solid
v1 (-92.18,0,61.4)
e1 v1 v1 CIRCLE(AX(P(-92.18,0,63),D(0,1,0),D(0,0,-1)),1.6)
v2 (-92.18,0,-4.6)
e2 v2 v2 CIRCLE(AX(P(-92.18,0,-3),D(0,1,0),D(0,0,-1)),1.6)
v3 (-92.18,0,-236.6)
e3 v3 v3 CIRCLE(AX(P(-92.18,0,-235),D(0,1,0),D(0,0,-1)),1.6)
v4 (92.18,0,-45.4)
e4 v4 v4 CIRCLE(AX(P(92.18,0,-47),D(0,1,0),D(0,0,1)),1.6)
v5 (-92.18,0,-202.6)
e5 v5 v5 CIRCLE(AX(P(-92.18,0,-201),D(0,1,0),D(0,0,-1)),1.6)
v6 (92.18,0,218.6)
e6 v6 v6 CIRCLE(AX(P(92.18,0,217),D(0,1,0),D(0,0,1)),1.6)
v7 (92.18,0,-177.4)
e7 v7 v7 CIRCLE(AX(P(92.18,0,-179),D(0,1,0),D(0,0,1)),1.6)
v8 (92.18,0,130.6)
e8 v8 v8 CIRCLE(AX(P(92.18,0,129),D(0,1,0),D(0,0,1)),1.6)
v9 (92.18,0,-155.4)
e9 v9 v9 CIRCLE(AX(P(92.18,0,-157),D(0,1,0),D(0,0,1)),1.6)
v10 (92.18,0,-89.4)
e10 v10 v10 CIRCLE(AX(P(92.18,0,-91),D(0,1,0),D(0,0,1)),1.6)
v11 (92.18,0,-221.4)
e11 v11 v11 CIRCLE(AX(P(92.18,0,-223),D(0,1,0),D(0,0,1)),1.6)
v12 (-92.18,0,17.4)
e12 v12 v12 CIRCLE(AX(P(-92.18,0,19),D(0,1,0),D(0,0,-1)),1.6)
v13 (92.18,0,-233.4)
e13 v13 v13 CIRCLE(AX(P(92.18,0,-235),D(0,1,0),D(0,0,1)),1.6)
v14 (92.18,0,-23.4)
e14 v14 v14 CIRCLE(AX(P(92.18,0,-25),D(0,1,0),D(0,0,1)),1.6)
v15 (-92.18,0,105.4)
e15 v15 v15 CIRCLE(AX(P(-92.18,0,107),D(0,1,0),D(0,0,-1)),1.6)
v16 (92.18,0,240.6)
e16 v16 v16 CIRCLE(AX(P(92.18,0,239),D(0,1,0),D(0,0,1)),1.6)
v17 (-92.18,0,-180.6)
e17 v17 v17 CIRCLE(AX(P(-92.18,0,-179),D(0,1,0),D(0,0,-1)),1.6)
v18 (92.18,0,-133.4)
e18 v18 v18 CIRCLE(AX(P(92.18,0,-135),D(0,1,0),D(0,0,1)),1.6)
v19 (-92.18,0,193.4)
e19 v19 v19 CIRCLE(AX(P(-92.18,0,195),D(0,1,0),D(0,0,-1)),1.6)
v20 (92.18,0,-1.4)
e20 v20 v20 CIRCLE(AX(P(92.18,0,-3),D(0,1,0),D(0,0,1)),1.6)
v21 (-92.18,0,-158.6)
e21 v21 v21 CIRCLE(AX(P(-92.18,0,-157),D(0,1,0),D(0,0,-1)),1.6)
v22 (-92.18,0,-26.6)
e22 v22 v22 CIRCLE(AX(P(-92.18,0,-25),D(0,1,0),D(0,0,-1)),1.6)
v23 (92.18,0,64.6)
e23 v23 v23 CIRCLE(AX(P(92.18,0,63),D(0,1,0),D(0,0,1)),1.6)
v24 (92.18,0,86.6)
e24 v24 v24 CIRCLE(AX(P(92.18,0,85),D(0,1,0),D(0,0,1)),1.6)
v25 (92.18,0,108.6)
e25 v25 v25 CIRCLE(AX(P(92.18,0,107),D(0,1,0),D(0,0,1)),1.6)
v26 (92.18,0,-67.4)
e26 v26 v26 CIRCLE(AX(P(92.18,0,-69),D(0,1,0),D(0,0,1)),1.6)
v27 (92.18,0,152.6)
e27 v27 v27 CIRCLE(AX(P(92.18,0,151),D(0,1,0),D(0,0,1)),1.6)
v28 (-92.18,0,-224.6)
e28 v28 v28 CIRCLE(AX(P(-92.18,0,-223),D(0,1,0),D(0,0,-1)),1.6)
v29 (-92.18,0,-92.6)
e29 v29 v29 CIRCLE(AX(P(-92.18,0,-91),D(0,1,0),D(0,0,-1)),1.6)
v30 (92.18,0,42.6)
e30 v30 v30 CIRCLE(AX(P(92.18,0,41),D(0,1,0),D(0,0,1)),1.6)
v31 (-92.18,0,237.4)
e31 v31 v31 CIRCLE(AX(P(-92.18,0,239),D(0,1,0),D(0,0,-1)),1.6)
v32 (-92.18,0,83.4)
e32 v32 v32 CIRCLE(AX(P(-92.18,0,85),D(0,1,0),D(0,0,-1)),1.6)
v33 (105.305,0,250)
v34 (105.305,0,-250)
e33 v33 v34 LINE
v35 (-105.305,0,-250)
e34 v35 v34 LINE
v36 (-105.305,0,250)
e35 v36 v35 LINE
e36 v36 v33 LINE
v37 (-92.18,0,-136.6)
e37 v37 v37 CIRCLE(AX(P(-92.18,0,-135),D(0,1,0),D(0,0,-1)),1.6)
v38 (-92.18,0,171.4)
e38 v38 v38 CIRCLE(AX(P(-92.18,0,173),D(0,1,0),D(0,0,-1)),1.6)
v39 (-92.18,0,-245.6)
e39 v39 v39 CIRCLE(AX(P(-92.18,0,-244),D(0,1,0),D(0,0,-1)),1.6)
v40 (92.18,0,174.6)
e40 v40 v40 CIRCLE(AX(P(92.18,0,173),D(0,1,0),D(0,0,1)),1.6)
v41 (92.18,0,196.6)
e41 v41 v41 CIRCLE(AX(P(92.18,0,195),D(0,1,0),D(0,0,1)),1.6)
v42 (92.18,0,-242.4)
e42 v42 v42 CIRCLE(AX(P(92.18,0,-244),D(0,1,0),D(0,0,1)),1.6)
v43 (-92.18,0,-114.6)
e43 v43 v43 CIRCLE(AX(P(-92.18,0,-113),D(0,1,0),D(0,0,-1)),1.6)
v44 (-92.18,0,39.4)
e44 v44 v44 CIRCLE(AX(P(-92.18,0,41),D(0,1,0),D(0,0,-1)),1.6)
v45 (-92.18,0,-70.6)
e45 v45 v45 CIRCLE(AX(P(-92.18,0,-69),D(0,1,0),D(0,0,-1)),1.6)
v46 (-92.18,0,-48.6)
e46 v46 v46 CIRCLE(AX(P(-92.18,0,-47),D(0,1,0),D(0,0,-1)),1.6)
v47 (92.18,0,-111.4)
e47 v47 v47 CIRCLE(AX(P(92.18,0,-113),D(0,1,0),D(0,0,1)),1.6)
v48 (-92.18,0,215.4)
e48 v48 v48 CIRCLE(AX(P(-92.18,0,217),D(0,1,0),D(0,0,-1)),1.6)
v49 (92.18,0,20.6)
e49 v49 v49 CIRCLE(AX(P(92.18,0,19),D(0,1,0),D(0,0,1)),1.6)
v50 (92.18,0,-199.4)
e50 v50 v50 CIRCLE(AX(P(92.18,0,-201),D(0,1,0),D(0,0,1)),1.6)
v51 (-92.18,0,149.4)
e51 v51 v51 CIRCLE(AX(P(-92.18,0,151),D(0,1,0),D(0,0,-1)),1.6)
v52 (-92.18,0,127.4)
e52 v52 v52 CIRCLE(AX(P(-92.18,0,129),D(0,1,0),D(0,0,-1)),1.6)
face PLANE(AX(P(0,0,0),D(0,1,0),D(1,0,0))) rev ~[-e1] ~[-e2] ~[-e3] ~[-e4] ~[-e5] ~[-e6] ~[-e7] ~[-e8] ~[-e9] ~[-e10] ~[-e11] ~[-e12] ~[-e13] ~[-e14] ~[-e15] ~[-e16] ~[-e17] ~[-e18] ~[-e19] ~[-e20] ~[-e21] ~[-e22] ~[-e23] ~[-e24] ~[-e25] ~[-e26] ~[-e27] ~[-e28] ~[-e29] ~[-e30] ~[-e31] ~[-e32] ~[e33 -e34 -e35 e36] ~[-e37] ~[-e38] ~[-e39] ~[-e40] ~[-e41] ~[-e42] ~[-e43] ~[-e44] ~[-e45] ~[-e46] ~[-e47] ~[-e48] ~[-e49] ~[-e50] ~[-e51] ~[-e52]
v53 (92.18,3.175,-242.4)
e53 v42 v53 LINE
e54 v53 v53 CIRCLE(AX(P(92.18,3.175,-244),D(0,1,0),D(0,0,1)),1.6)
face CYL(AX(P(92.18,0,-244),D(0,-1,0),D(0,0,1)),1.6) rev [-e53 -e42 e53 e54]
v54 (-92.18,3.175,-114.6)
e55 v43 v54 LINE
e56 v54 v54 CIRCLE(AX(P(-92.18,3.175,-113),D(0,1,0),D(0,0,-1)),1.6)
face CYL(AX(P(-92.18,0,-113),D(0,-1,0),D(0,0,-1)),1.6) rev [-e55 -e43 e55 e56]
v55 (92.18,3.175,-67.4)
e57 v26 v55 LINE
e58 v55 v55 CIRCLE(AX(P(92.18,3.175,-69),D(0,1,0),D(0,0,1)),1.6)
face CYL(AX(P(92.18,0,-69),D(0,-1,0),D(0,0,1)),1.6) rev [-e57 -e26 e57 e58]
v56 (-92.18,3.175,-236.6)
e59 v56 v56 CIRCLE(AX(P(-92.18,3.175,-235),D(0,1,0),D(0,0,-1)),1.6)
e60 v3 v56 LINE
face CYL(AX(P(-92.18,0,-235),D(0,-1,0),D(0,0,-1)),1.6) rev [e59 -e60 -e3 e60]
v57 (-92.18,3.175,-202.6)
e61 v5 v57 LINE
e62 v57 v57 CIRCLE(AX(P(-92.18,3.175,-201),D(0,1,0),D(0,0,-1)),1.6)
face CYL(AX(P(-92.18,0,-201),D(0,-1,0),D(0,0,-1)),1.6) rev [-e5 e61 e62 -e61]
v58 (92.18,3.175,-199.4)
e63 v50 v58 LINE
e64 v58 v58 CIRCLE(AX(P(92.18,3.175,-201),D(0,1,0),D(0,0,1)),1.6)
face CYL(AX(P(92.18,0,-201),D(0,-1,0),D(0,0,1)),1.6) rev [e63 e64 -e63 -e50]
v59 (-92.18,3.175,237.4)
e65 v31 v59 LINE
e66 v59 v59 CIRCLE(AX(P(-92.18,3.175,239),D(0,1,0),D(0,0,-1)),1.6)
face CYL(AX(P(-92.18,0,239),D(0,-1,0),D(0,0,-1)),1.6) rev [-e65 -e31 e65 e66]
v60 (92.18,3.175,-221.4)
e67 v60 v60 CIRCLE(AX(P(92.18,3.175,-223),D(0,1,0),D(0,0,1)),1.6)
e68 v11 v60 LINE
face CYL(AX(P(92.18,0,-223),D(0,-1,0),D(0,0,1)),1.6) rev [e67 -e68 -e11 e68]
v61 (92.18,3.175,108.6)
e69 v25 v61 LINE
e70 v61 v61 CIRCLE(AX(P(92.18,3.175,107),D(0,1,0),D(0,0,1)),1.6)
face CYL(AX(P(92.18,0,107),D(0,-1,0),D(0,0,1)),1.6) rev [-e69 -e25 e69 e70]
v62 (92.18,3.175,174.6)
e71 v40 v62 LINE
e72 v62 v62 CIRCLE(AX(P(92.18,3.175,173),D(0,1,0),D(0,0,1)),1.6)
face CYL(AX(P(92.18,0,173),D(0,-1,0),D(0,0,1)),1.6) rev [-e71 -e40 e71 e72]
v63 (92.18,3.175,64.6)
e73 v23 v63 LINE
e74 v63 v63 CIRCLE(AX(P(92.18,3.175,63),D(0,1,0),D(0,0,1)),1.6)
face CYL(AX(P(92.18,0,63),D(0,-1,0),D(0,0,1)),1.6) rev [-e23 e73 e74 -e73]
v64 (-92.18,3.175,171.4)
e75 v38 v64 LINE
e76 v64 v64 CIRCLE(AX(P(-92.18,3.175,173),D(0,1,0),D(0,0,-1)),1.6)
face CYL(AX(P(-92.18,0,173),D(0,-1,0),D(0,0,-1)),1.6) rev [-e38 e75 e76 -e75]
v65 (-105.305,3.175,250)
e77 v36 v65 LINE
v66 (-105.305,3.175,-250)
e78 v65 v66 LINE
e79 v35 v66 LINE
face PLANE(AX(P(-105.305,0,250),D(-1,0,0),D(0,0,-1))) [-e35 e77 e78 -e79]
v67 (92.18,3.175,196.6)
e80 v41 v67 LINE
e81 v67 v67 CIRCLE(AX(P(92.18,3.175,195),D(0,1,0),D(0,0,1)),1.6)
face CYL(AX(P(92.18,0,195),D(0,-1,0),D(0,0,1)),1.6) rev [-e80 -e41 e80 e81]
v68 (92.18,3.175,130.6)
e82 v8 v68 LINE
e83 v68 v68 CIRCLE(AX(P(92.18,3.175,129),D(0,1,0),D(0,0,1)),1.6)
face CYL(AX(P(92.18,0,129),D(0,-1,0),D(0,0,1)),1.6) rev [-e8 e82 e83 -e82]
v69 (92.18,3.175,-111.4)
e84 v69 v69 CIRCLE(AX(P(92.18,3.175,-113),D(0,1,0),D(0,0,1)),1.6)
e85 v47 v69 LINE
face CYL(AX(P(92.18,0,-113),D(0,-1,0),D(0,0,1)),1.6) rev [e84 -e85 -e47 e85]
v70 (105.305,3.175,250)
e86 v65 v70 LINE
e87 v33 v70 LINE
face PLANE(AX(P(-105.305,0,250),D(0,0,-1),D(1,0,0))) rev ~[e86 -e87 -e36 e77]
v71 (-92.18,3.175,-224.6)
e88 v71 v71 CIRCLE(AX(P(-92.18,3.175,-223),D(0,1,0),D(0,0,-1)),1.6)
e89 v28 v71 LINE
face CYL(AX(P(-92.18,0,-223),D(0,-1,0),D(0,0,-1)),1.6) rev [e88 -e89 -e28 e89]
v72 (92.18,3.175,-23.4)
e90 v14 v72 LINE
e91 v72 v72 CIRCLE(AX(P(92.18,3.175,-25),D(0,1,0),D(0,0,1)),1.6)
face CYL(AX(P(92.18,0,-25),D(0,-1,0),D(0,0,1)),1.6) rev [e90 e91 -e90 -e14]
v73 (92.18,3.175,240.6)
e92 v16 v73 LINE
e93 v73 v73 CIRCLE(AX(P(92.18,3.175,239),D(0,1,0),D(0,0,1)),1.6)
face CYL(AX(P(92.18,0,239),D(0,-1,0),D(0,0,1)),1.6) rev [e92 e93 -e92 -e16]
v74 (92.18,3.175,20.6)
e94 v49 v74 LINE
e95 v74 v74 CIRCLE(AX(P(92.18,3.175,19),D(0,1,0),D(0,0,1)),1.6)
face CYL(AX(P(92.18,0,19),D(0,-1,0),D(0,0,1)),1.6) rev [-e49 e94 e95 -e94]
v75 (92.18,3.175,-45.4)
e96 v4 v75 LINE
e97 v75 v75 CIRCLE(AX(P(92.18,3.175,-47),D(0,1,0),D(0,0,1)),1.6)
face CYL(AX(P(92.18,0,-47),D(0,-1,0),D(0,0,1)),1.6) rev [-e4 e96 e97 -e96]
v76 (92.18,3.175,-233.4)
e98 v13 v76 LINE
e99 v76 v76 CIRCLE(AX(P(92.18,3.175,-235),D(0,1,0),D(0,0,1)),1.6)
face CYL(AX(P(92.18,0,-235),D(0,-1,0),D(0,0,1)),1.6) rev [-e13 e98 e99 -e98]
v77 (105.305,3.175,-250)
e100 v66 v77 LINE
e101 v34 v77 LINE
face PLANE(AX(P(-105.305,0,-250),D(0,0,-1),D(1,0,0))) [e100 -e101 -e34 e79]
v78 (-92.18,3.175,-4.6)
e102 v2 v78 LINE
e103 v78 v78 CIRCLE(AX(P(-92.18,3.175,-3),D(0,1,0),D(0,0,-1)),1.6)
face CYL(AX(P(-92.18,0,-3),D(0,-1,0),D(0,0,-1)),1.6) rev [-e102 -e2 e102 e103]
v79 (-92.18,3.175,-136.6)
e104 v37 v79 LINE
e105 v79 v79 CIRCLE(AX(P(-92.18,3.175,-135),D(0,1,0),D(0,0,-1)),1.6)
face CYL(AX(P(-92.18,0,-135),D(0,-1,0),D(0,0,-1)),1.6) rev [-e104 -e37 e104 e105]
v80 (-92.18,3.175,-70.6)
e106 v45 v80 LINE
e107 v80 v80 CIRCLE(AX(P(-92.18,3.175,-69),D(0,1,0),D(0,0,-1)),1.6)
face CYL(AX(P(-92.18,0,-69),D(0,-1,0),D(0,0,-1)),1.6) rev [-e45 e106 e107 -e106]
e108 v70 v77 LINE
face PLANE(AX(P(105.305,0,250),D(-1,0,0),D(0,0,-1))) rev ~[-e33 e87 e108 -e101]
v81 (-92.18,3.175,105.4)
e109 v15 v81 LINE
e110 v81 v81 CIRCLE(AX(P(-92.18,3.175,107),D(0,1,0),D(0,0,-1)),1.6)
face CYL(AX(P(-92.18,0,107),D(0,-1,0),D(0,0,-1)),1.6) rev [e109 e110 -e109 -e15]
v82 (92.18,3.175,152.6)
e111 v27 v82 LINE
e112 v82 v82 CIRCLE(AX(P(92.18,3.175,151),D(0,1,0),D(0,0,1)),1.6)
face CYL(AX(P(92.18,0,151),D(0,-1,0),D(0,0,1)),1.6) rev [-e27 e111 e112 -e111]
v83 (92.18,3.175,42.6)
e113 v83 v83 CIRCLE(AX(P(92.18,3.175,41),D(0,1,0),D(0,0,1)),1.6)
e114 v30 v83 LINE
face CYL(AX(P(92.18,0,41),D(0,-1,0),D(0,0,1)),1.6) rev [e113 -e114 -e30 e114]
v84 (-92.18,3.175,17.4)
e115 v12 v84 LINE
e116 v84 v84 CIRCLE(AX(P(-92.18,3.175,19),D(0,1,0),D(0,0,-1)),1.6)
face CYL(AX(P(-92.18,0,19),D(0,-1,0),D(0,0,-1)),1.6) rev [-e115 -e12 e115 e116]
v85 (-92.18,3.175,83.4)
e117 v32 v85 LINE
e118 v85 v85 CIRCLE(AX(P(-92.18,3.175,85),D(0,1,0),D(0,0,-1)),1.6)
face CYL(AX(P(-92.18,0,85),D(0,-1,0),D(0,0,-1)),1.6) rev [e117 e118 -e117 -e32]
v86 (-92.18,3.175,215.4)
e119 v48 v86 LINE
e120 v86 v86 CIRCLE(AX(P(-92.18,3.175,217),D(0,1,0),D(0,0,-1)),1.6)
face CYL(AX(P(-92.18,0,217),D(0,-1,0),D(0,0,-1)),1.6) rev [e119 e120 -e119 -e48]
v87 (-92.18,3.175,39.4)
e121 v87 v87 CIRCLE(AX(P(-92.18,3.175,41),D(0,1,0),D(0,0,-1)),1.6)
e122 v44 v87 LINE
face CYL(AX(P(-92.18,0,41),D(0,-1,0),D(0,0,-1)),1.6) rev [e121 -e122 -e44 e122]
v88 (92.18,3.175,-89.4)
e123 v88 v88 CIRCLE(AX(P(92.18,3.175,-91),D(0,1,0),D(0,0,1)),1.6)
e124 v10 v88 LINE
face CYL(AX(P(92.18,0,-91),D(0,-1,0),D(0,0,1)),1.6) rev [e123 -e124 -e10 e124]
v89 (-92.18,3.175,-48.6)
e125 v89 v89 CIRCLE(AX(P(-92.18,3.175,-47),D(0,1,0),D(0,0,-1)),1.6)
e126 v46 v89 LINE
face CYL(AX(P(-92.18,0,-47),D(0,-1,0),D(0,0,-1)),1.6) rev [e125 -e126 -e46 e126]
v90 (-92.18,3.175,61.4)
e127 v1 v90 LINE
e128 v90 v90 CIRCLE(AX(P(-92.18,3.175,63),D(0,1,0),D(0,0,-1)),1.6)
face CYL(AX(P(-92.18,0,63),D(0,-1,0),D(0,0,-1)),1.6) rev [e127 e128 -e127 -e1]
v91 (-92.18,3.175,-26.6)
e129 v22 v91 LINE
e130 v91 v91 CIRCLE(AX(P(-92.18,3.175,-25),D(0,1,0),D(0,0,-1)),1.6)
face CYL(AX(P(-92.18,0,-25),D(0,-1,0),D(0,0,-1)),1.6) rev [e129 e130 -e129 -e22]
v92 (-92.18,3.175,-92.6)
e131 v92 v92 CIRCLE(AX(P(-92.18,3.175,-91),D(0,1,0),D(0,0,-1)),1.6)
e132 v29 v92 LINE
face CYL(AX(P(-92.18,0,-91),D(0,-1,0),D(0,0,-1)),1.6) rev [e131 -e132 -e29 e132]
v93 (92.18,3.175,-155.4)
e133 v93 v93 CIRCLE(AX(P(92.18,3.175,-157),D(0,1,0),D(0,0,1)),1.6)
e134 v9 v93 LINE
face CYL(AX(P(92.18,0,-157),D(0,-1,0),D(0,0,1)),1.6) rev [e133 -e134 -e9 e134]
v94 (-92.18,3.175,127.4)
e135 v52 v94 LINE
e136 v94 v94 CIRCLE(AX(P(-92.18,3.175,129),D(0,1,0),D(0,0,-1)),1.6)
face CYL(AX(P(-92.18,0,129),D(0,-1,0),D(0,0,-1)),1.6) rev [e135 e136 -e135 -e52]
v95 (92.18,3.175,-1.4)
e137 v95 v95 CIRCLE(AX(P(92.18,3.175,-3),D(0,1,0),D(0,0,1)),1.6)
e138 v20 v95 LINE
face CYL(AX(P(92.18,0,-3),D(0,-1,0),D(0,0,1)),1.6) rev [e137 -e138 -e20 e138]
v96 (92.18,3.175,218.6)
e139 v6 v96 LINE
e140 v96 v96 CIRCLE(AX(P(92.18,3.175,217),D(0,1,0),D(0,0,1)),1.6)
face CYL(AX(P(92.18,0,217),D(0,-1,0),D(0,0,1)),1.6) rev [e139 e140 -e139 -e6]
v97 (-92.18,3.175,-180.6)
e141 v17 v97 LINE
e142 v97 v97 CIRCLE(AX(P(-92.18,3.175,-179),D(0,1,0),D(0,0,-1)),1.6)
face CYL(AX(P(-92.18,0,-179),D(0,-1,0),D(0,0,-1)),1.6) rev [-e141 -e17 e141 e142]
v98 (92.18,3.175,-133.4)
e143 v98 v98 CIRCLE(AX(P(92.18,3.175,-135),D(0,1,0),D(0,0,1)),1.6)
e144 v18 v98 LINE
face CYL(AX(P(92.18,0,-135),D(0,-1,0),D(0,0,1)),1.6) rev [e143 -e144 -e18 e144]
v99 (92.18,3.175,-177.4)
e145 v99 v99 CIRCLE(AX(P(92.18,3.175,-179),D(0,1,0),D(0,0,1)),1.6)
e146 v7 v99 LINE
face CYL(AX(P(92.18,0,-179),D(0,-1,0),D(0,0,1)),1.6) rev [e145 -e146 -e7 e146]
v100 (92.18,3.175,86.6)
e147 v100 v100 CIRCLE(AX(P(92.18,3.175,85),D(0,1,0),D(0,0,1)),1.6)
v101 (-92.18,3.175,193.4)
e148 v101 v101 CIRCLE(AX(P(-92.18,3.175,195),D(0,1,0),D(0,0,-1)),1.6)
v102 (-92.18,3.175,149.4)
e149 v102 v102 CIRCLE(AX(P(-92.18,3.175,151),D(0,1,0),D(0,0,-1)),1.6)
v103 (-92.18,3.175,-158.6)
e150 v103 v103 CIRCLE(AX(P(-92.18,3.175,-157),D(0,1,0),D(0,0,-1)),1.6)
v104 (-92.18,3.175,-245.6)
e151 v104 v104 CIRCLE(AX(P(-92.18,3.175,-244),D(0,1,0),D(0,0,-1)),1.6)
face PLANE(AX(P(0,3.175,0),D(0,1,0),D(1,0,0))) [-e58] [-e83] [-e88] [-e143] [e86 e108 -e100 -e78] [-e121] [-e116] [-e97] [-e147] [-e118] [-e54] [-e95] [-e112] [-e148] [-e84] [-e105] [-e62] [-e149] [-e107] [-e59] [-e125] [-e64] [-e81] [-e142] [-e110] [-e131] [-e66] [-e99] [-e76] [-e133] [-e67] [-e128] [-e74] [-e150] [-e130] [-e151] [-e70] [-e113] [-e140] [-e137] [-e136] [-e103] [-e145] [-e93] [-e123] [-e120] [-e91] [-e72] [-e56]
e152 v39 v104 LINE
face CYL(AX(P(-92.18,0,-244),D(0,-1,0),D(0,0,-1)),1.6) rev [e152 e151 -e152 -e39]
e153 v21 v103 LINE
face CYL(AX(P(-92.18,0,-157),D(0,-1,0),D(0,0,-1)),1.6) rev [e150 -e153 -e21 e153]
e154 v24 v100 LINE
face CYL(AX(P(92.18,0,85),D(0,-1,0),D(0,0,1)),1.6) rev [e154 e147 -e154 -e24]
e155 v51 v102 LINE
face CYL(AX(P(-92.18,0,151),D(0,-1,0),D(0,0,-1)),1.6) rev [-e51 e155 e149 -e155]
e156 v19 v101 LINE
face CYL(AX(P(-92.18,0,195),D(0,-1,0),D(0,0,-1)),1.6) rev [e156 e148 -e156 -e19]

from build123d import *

# Parameters (mm, degrees)
SKETCH1_W           = 210.61
SKETCH1_H           = 500
SKETCH1_R           = 1.6
BOSS_EXTRUDE1_DEPTH = 3.175


with BuildPart() as part:
    # Sketch1 → Boss-Extrude1 (new body)
    with BuildSketch(Plane(origin=(0, 0, 0), x_dir=(1, 0, 0), z_dir=(0, 1, 0))):
        Rectangle(SKETCH1_W, SKETCH1_H)
        with Locations(Location((92.18, 244, 0), (0, 0, 270))):
            Circle(SKETCH1_R, mode=Mode.SUBTRACT)
        with Locations(Location((92.18, 235, 0), (0, 0, 270))):
            Circle(SKETCH1_R, mode=Mode.SUBTRACT)
        with Locations(Location((92.18, 223, 0), (0, 0, 270))):
            Circle(SKETCH1_R, mode=Mode.SUBTRACT)
        with Locations(Location((92.18, 201, 0), (0, 0, 270))):
            Circle(SKETCH1_R, mode=Mode.SUBTRACT)
        with Locations(Location((92.18, 179, 0), (0, 0, 270))):
            Circle(SKETCH1_R, mode=Mode.SUBTRACT)
        with Locations(Location((92.18, 157, 0), (0, 0, 270))):
            Circle(SKETCH1_R, mode=Mode.SUBTRACT)
        with Locations(Location((92.18, 135, 0), (0, 0, 270))):
            Circle(SKETCH1_R, mode=Mode.SUBTRACT)
        with Locations(Location((92.18, 113, 0), (0, 0, 270))):
            Circle(SKETCH1_R, mode=Mode.SUBTRACT)
        with Locations(Location((92.18, 91, 0), (0, 0, 270))):
            Circle(SKETCH1_R, mode=Mode.SUBTRACT)
        with Locations(Location((92.18, 69, 0), (0, 0, 270))):
            Circle(SKETCH1_R, mode=Mode.SUBTRACT)
        with Locations(Location((92.18, 47, 0), (0, 0, 270))):
            Circle(SKETCH1_R, mode=Mode.SUBTRACT)
        with Locations(Location((92.18, 25, 0), (0, 0, 270))):
            Circle(SKETCH1_R, mode=Mode.SUBTRACT)
        with Locations(Location((92.18, 3, 0), (0, 0, 270))):
            Circle(SKETCH1_R, mode=Mode.SUBTRACT)
        with Locations(Location((92.18, -19, 0), (0, 0, 270))):
            Circle(SKETCH1_R, mode=Mode.SUBTRACT)
        with Locations(Location((92.18, -41, 0), (0, 0, 270))):
            Circle(SKETCH1_R, mode=Mode.SUBTRACT)
        with Locations(Location((92.18, -63, 0), (0, 0, 270))):
            Circle(SKETCH1_R, mode=Mode.SUBTRACT)
        with Locations(Location((92.18, -85, 0), (0, 0, 270))):
            Circle(SKETCH1_R, mode=Mode.SUBTRACT)
        with Locations(Location((92.18, -107, 0), (0, 0, 270))):
            Circle(SKETCH1_R, mode=Mode.SUBTRACT)
        with Locations(Location((92.18, -129, 0), (0, 0, 270))):
            Circle(SKETCH1_R, mode=Mode.SUBTRACT)
        with Locations(Location((92.18, -151, 0), (0, 0, 270))):
            Circle(SKETCH1_R, mode=Mode.SUBTRACT)
        with Locations(Location((92.18, -173, 0), (0, 0, 270))):
            Circle(SKETCH1_R, mode=Mode.SUBTRACT)
        with Locations(Location((92.18, -195, 0), (0, 0, 270))):
            Circle(SKETCH1_R, mode=Mode.SUBTRACT)
        with Locations(Location((92.18, -217, 0), (0, 0, 270))):
            Circle(SKETCH1_R, mode=Mode.SUBTRACT)
        with Locations(Location((92.18, -239, 0), (0, 0, 270))):
            Circle(SKETCH1_R, mode=Mode.SUBTRACT)
        with Locations(Location((-92.18, 69, 0), (0, 0, 90))):
            Circle(SKETCH1_R, mode=Mode.SUBTRACT)
        with Locations(Location((-92.18, 91, 0), (0, 0, 90))):
            Circle(SKETCH1_R, mode=Mode.SUBTRACT)
        with Locations(Location((-92.18, 113, 0), (0, 0, 90))):
            Circle(SKETCH1_R, mode=Mode.SUBTRACT)
        with Locations(Location((-92.18, 135, 0), (0, 0, 90))):
            Circle(SKETCH1_R, mode=Mode.SUBTRACT)
        with Locations(Location((-92.18, 157, 0), (0, 0, 90))):
            Circle(SKETCH1_R, mode=Mode.SUBTRACT)
        with Locations(Location((-92.18, 179, 0), (0, 0, 90))):
            Circle(SKETCH1_R, mode=Mode.SUBTRACT)
        with Locations(Location((-92.18, 201, 0), (0, 0, 90))):
            Circle(SKETCH1_R, mode=Mode.SUBTRACT)
        with Locations(Location((-92.18, 223, 0), (0, 0, 90))):
            Circle(SKETCH1_R, mode=Mode.SUBTRACT)
        with Locations(Location((-92.18, 235, 0), (0, 0, 90))):
            Circle(SKETCH1_R, mode=Mode.SUBTRACT)
        with Locations(Location((-92.18, -239, 0), (0, 0, 90))):
            Circle(SKETCH1_R, mode=Mode.SUBTRACT)
        with Locations(Location((-92.18, -217, 0), (0, 0, 90))):
            Circle(SKETCH1_R, mode=Mode.SUBTRACT)
        with Locations(Location((-92.18, -195, 0), (0, 0, 90))):
            Circle(SKETCH1_R, mode=Mode.SUBTRACT)
        with Locations(Location((-92.18, -173, 0), (0, 0, 90))):
            Circle(SKETCH1_R, mode=Mode.SUBTRACT)
        with Locations(Location((-92.18, -151, 0), (0, 0, 90))):
            Circle(SKETCH1_R, mode=Mode.SUBTRACT)
        with Locations(Location((-92.18, -129, 0), (0, 0, 90))):
            Circle(SKETCH1_R, mode=Mode.SUBTRACT)
        with Locations(Location((-92.18, -107, 0), (0, 0, 90))):
            Circle(SKETCH1_R, mode=Mode.SUBTRACT)
        with Locations(Location((-92.18, -85, 0), (0, 0, 90))):
            Circle(SKETCH1_R, mode=Mode.SUBTRACT)
        with Locations(Location((-92.18, -63, 0), (0, 0, 90))):
            Circle(SKETCH1_R, mode=Mode.SUBTRACT)
        with Locations(Location((-92.18, -41, 0), (0, 0, 90))):
            Circle(SKETCH1_R, mode=Mode.SUBTRACT)
        with Locations(Location((-92.18, -19, 0), (0, 0, 90))):
            Circle(SKETCH1_R, mode=Mode.SUBTRACT)
        with Locations(Location((-92.18, 3, 0), (0, 0, 90))):
            Circle(SKETCH1_R, mode=Mode.SUBTRACT)
        with Locations(Location((-92.18, 25, 0), (0, 0, 90))):
            Circle(SKETCH1_R, mode=Mode.SUBTRACT)
        with Locations(Location((-92.18, 47, 0), (0, 0, 90))):
            Circle(SKETCH1_R, mode=Mode.SUBTRACT)
        with Locations(Location((-92.18, 244, 0), (0, 0, 90))):
            Circle(SKETCH1_R, mode=Mode.SUBTRACT)
    extrude(amount=BOSS_EXTRUDE1_DEPTH)


solid = part.part
